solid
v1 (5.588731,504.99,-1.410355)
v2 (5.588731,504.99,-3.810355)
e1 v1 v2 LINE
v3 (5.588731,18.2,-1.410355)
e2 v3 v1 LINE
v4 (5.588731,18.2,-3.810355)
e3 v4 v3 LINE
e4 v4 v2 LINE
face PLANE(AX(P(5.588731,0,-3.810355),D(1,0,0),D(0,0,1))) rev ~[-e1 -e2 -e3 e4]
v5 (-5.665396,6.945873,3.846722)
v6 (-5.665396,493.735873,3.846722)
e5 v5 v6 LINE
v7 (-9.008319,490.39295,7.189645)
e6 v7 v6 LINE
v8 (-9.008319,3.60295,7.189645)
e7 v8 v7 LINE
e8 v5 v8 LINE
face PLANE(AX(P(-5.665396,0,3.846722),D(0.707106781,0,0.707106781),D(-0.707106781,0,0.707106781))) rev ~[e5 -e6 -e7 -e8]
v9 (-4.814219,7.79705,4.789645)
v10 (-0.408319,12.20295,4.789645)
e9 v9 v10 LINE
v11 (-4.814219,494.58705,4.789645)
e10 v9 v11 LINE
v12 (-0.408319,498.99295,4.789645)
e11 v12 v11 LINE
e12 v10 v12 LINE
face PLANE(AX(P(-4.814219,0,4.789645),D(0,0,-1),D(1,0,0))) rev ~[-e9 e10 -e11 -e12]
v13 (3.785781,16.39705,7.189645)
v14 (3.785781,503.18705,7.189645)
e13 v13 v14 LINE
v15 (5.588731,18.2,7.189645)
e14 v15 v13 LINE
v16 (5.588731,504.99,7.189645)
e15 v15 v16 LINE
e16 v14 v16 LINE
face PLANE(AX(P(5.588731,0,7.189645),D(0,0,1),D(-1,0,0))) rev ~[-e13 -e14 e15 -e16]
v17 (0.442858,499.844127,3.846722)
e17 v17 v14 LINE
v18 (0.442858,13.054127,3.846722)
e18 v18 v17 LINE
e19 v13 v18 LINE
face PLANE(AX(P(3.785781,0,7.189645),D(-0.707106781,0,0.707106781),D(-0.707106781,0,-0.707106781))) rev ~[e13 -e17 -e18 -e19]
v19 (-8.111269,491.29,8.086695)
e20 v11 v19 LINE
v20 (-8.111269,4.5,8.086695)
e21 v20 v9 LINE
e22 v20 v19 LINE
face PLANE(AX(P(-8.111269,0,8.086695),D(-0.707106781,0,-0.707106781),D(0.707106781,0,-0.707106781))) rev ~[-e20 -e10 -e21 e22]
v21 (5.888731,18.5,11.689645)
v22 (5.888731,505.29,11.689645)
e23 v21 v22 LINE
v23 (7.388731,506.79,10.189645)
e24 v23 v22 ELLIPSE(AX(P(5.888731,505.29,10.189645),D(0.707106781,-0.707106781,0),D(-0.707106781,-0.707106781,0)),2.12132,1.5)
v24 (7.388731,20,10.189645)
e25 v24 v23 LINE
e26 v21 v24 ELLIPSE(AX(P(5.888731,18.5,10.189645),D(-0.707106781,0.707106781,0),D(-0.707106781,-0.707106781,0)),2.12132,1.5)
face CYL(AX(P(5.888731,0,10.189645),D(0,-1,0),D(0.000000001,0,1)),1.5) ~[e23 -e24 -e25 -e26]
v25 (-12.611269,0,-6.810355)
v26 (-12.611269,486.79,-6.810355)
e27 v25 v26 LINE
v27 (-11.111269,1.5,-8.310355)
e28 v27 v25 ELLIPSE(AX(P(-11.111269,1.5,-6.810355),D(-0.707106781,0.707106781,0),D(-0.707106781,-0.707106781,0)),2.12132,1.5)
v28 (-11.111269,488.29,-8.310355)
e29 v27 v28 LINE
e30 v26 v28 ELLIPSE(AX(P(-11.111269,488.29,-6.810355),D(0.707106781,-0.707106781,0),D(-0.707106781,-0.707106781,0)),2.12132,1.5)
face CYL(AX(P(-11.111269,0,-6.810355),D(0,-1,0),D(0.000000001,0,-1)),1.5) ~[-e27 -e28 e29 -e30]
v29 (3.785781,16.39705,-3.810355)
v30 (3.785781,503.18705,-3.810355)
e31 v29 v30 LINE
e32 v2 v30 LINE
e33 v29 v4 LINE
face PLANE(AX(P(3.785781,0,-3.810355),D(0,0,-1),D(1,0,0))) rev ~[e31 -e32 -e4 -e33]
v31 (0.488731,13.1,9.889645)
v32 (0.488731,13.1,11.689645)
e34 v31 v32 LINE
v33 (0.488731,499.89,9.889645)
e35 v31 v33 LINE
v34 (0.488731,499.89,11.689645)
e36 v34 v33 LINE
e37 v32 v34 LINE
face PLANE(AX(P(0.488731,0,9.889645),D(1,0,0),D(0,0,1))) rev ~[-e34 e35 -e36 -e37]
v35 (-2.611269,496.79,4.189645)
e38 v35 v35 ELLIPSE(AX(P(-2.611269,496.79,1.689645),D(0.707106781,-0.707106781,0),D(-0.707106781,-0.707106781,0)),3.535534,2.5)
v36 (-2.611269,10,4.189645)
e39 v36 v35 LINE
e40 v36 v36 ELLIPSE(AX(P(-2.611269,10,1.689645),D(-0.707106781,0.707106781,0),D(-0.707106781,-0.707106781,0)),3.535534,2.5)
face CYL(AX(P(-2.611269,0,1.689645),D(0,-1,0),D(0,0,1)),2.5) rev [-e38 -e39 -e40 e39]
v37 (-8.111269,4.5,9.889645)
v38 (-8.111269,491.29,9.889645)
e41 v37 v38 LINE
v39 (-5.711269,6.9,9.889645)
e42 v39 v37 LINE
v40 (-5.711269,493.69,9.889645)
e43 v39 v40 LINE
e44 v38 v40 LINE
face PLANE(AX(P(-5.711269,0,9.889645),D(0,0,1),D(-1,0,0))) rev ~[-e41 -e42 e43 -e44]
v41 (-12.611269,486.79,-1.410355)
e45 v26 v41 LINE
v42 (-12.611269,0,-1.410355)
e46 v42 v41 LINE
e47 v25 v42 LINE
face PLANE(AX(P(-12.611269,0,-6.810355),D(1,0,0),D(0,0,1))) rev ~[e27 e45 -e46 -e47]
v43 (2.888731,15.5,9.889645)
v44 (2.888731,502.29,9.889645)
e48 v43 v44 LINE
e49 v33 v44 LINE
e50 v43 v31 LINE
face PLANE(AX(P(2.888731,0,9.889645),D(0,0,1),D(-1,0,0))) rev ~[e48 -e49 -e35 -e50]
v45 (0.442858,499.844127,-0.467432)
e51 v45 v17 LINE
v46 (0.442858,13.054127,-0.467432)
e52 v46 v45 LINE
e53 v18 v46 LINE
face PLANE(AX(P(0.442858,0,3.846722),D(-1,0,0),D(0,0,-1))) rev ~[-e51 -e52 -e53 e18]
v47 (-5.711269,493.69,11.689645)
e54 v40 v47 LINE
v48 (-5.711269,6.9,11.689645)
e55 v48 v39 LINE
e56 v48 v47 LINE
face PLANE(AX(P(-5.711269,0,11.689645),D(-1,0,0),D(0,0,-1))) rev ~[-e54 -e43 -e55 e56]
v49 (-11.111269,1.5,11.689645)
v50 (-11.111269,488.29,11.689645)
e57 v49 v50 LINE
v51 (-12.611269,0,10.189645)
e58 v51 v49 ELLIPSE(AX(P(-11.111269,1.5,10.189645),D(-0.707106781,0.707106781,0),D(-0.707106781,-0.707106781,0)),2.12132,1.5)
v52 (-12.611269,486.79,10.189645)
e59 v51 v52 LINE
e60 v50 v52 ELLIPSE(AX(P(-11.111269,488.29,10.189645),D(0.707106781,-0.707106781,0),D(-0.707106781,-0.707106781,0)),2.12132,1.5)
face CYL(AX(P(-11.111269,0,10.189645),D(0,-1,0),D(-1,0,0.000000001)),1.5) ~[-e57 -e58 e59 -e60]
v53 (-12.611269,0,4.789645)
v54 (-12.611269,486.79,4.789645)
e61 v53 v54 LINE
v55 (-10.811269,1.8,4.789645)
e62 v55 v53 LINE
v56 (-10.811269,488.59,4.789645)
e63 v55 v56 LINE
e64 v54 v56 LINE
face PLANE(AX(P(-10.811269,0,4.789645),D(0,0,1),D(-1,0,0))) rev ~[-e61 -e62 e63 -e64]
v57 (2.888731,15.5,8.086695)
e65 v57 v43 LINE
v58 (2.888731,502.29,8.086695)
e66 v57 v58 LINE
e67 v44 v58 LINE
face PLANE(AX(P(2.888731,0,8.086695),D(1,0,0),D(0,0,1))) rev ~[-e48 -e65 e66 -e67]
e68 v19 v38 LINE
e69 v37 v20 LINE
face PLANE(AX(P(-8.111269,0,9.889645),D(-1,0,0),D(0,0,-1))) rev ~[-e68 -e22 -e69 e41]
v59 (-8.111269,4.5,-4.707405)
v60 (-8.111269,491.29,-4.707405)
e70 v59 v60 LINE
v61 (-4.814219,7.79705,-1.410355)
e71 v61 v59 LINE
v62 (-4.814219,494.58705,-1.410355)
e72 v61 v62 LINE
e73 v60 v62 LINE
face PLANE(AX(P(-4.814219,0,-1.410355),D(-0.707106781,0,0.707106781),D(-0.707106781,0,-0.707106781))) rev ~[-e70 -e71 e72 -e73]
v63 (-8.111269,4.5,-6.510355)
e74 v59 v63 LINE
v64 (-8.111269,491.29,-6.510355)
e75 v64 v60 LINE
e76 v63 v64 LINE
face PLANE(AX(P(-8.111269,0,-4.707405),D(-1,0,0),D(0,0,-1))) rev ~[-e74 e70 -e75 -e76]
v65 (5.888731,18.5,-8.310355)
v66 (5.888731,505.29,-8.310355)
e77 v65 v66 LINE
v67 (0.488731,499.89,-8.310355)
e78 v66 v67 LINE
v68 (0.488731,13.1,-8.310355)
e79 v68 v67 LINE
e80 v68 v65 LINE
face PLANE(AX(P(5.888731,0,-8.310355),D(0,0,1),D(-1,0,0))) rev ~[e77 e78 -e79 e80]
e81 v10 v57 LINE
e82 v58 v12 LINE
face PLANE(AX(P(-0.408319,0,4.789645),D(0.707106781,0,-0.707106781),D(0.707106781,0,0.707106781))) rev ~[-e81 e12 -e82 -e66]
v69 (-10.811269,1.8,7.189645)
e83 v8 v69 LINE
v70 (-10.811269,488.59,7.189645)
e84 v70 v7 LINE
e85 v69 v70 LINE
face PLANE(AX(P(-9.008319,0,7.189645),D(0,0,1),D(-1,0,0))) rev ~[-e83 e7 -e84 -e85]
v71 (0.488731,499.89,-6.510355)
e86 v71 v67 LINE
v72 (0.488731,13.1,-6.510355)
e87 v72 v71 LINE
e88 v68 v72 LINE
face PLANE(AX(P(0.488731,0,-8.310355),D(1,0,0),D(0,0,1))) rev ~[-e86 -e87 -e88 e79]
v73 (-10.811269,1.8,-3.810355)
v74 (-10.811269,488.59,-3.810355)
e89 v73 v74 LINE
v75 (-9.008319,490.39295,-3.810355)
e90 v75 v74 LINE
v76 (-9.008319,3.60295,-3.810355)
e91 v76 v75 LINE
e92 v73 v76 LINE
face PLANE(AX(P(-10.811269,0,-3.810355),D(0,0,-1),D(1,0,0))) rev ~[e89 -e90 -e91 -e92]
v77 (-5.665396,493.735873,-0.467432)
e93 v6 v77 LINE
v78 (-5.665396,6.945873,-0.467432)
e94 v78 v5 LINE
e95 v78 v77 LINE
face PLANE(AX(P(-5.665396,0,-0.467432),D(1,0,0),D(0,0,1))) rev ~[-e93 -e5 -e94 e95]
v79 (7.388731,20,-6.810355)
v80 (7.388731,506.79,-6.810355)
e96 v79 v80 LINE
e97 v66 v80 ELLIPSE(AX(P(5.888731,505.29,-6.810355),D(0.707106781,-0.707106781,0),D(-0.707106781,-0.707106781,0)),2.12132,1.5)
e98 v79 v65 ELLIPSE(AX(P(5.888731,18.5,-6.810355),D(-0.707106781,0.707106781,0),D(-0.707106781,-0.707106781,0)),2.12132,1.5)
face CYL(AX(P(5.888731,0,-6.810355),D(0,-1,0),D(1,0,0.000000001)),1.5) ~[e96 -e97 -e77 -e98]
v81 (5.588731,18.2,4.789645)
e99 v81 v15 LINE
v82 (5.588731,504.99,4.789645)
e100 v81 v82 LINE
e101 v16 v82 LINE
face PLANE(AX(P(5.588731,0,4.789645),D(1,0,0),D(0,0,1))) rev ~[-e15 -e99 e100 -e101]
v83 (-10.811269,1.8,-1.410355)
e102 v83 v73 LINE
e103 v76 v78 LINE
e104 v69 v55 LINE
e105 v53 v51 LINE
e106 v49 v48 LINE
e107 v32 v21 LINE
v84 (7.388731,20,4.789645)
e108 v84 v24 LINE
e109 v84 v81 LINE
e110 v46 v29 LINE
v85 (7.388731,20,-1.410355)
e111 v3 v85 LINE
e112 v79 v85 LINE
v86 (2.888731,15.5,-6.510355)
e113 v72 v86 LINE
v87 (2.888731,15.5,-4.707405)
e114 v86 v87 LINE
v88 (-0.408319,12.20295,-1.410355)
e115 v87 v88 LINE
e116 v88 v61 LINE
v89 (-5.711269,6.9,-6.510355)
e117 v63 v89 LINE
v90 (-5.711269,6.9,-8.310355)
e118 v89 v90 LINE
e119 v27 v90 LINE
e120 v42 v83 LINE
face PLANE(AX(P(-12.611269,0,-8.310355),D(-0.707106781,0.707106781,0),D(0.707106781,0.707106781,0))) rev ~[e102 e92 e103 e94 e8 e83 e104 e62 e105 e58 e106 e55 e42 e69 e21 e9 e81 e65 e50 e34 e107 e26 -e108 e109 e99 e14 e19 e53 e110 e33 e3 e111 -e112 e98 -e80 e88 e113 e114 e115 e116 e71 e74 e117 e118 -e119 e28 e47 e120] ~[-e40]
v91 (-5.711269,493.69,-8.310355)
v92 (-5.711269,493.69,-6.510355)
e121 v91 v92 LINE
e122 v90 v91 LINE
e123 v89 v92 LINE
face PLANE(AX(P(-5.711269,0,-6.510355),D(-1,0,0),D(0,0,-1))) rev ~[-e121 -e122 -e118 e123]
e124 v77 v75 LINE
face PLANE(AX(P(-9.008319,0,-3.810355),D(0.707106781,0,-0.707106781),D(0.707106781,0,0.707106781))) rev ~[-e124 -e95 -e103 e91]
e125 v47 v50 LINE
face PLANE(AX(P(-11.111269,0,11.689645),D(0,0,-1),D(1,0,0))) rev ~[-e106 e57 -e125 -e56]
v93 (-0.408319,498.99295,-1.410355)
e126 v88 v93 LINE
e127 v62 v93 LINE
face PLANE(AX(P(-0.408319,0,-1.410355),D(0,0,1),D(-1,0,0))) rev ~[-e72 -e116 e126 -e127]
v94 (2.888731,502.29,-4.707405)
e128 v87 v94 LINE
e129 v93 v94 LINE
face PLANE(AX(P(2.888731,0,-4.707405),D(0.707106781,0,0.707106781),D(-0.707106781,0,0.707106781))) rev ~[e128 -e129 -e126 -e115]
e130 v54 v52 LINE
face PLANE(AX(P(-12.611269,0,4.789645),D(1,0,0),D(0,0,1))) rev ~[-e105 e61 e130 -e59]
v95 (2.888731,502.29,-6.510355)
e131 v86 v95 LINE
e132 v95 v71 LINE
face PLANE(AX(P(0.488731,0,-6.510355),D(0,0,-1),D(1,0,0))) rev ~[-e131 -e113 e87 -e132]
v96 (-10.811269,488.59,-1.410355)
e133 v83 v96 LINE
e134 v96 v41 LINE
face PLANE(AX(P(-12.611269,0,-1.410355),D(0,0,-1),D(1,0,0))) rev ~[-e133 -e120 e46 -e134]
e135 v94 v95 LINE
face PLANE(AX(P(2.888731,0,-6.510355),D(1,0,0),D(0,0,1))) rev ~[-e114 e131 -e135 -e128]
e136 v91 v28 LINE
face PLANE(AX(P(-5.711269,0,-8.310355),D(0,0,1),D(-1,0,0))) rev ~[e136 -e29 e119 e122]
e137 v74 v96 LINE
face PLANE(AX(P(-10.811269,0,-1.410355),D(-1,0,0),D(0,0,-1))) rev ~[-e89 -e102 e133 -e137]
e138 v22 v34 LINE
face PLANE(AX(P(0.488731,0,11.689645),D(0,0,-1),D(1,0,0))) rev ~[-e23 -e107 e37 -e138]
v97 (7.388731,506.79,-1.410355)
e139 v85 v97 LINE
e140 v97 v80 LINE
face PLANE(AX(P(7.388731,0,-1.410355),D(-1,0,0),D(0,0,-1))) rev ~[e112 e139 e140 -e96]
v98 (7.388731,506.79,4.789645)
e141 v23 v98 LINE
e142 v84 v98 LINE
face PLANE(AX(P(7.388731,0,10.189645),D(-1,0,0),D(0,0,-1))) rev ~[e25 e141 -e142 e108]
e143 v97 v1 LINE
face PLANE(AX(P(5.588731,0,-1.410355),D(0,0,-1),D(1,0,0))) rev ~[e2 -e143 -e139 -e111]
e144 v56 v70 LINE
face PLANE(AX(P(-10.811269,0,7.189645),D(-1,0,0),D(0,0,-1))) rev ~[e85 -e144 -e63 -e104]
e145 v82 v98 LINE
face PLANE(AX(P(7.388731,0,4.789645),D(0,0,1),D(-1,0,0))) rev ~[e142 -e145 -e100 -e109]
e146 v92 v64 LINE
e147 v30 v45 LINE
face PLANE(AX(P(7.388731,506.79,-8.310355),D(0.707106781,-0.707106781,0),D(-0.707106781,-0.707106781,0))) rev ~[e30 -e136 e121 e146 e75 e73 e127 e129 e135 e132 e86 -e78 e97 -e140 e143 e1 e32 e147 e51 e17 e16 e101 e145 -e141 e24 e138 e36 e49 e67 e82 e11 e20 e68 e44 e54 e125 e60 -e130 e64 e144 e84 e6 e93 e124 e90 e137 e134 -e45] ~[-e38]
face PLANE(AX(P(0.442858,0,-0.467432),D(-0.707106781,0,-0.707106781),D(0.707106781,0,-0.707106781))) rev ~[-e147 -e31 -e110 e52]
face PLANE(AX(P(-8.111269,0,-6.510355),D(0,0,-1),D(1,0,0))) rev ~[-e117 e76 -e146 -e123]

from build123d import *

# Parameters (mm, degrees)
SKETCH_1_R          = 2.5
EXTRUDE_1_DEPTH     = 506.79
CUT_EXTRUDE_1_DEPTH = 508.341254196


with BuildPart() as part:
    # 草图1 → 凸台-拉伸1 (new body)
    with BuildSketch(Plane(origin=(0, 0, 0), x_dir=(1, 0, 0), z_dir=(0, 1, 0))):
        with BuildLine():
            Line((-10.811269129, -4.789644731), (-12.611269129, -4.789644731))
            Line((-12.611269129, -4.789644731), (-12.611269129, -10.189644731))
            ThreePointArc((-12.611269129, -10.189644731), (-12.171929301, -11.250304902), (-11.111269129, -11.689644731))
            Line((-11.111269129, -11.689644731), (-5.711269129, -11.689644731))
            Line((-5.711269129, -11.689644731), (-5.711269129, -9.889644731))
            Line((-5.711269129, -9.889644731), (-8.111269129, -9.889644731))
            Line((-8.111269129, -9.889644731), (-8.111269129, -8.086694886))
            Line((-8.111269129, -8.086694886), (-4.814218974, -4.789644731))
            Line((-4.814218974, -4.789644731), (-0.408319284, -4.789644731))
            Line((-0.408319284, -4.789644731), (2.888730871, -8.086694886))
            Line((2.888730871, -8.086694886), (2.888730871, -9.889644731))
            Line((2.888730871, -9.889644731), (0.488730871, -9.889644731))
            Line((0.488730871, -9.889644731), (0.488730871, -11.689644731))
            Line((0.488730871, -11.689644731), (5.888730871, -11.689644731))
            ThreePointArc((5.888730871, -11.689644731), (6.949391043, -11.250304902), (7.388730871, -10.189644731))
            Line((7.388730871, -10.189644731), (7.388730871, -4.789644731))
            Line((7.388730871, -4.789644731), (5.588730871, -4.789644731))
            Line((5.588730871, -4.789644731), (5.588730871, -7.189644731))
            Line((5.588730871, -7.189644731), (3.785781026, -7.189644731))
            Line((3.785781026, -7.189644731), (0.442857891, -3.846721596))
            Line((0.442857891, -3.846721596), (0.442857891, 0.467432135))
            Line((0.442857891, 0.467432135), (3.785781026, 3.810355269))
            Line((3.785781026, 3.810355269), (5.588730871, 3.810355269))
            Line((5.588730871, 3.810355269), (5.588730871, 1.410355269))
            Line((5.588730871, 1.410355269), (7.388730871, 1.410355269))
            Line((7.388730871, 1.410355269), (7.388730871, 6.810355269))
            ThreePointArc((7.388730871, 6.810355269), (6.949391043, 7.871015441), (5.888730871, 8.310355269))
            Line((5.888730871, 8.310355269), (0.488730871, 8.310355269))
            Line((0.488730871, 8.310355269), (0.488730871, 6.510355269))
            Line((0.488730871, 6.510355269), (2.888730871, 6.510355269))
            Line((2.888730871, 6.510355269), (2.888730871, 4.707405425))
            Line((2.888730871, 4.707405425), (-0.408319284, 1.410355269))
            Line((-0.408319284, 1.410355269), (-4.814218974, 1.410355269))
            Line((-4.814218974, 1.410355269), (-8.111269129, 4.707405425))
            Line((-8.111269129, 4.707405425), (-8.111269129, 6.510355269))
            Line((-8.111269129, 6.510355269), (-5.711269129, 6.510355269))
            Line((-5.711269129, 6.510355269), (-5.711269129, 8.310355269))
            Line((-5.711269129, 8.310355269), (-11.111269129, 8.310355269))
            ThreePointArc((-11.111269129, 8.310355269), (-12.171929301, 7.871015441), (-12.611269129, 6.810355269))
            Line((-12.611269129, 6.810355269), (-12.611269129, 1.410355269))
            Line((-12.611269129, 1.410355269), (-10.811269129, 1.410355269))
            Line((-10.811269129, 1.410355269), (-10.811269129, 3.810355269))
            Line((-10.811269129, 3.810355269), (-9.008319284, 3.810355269))
            Line((-9.008319284, 3.810355269), (-5.665396149, 0.467432135))
            Line((-5.665396149, 0.467432135), (-5.665396149, -3.846721596))
            Line((-5.665396149, -3.846721596), (-9.008319284, -7.189644731))
            Line((-9.008319284, -7.189644731), (-10.811269129, -7.189644731))
            Line((-10.811269129, -7.189644731), (-10.811269129, -4.789644731))
        make_face()
        with Locations(Location((-2.611269129, -1.689644731, 0), (0, 0, 270))):
            Circle(SKETCH_1_R, mode=Mode.SUBTRACT)
    extrude(amount=EXTRUDE_1_DEPTH)

    # 草图2 → 切除-拉伸1 (cut, through all)
    with BuildSketch(Plane(origin=(0, 0, -8.310355269), x_dir=(-1, 0, 0), z_dir=(0, 0, -1))):
        Polygon((-7.388730871, 506.79), (12.611269129, 486.79), (12.611269129, 506.79), align=None)
        Polygon((12.611269129, 0), (-7.388730871, 20), (-7.388730871, 0), align=None)
    extrude(amount=-CUT_EXTRUDE_1_DEPTH, mode=Mode.SUBTRACT)


solid = part.part
